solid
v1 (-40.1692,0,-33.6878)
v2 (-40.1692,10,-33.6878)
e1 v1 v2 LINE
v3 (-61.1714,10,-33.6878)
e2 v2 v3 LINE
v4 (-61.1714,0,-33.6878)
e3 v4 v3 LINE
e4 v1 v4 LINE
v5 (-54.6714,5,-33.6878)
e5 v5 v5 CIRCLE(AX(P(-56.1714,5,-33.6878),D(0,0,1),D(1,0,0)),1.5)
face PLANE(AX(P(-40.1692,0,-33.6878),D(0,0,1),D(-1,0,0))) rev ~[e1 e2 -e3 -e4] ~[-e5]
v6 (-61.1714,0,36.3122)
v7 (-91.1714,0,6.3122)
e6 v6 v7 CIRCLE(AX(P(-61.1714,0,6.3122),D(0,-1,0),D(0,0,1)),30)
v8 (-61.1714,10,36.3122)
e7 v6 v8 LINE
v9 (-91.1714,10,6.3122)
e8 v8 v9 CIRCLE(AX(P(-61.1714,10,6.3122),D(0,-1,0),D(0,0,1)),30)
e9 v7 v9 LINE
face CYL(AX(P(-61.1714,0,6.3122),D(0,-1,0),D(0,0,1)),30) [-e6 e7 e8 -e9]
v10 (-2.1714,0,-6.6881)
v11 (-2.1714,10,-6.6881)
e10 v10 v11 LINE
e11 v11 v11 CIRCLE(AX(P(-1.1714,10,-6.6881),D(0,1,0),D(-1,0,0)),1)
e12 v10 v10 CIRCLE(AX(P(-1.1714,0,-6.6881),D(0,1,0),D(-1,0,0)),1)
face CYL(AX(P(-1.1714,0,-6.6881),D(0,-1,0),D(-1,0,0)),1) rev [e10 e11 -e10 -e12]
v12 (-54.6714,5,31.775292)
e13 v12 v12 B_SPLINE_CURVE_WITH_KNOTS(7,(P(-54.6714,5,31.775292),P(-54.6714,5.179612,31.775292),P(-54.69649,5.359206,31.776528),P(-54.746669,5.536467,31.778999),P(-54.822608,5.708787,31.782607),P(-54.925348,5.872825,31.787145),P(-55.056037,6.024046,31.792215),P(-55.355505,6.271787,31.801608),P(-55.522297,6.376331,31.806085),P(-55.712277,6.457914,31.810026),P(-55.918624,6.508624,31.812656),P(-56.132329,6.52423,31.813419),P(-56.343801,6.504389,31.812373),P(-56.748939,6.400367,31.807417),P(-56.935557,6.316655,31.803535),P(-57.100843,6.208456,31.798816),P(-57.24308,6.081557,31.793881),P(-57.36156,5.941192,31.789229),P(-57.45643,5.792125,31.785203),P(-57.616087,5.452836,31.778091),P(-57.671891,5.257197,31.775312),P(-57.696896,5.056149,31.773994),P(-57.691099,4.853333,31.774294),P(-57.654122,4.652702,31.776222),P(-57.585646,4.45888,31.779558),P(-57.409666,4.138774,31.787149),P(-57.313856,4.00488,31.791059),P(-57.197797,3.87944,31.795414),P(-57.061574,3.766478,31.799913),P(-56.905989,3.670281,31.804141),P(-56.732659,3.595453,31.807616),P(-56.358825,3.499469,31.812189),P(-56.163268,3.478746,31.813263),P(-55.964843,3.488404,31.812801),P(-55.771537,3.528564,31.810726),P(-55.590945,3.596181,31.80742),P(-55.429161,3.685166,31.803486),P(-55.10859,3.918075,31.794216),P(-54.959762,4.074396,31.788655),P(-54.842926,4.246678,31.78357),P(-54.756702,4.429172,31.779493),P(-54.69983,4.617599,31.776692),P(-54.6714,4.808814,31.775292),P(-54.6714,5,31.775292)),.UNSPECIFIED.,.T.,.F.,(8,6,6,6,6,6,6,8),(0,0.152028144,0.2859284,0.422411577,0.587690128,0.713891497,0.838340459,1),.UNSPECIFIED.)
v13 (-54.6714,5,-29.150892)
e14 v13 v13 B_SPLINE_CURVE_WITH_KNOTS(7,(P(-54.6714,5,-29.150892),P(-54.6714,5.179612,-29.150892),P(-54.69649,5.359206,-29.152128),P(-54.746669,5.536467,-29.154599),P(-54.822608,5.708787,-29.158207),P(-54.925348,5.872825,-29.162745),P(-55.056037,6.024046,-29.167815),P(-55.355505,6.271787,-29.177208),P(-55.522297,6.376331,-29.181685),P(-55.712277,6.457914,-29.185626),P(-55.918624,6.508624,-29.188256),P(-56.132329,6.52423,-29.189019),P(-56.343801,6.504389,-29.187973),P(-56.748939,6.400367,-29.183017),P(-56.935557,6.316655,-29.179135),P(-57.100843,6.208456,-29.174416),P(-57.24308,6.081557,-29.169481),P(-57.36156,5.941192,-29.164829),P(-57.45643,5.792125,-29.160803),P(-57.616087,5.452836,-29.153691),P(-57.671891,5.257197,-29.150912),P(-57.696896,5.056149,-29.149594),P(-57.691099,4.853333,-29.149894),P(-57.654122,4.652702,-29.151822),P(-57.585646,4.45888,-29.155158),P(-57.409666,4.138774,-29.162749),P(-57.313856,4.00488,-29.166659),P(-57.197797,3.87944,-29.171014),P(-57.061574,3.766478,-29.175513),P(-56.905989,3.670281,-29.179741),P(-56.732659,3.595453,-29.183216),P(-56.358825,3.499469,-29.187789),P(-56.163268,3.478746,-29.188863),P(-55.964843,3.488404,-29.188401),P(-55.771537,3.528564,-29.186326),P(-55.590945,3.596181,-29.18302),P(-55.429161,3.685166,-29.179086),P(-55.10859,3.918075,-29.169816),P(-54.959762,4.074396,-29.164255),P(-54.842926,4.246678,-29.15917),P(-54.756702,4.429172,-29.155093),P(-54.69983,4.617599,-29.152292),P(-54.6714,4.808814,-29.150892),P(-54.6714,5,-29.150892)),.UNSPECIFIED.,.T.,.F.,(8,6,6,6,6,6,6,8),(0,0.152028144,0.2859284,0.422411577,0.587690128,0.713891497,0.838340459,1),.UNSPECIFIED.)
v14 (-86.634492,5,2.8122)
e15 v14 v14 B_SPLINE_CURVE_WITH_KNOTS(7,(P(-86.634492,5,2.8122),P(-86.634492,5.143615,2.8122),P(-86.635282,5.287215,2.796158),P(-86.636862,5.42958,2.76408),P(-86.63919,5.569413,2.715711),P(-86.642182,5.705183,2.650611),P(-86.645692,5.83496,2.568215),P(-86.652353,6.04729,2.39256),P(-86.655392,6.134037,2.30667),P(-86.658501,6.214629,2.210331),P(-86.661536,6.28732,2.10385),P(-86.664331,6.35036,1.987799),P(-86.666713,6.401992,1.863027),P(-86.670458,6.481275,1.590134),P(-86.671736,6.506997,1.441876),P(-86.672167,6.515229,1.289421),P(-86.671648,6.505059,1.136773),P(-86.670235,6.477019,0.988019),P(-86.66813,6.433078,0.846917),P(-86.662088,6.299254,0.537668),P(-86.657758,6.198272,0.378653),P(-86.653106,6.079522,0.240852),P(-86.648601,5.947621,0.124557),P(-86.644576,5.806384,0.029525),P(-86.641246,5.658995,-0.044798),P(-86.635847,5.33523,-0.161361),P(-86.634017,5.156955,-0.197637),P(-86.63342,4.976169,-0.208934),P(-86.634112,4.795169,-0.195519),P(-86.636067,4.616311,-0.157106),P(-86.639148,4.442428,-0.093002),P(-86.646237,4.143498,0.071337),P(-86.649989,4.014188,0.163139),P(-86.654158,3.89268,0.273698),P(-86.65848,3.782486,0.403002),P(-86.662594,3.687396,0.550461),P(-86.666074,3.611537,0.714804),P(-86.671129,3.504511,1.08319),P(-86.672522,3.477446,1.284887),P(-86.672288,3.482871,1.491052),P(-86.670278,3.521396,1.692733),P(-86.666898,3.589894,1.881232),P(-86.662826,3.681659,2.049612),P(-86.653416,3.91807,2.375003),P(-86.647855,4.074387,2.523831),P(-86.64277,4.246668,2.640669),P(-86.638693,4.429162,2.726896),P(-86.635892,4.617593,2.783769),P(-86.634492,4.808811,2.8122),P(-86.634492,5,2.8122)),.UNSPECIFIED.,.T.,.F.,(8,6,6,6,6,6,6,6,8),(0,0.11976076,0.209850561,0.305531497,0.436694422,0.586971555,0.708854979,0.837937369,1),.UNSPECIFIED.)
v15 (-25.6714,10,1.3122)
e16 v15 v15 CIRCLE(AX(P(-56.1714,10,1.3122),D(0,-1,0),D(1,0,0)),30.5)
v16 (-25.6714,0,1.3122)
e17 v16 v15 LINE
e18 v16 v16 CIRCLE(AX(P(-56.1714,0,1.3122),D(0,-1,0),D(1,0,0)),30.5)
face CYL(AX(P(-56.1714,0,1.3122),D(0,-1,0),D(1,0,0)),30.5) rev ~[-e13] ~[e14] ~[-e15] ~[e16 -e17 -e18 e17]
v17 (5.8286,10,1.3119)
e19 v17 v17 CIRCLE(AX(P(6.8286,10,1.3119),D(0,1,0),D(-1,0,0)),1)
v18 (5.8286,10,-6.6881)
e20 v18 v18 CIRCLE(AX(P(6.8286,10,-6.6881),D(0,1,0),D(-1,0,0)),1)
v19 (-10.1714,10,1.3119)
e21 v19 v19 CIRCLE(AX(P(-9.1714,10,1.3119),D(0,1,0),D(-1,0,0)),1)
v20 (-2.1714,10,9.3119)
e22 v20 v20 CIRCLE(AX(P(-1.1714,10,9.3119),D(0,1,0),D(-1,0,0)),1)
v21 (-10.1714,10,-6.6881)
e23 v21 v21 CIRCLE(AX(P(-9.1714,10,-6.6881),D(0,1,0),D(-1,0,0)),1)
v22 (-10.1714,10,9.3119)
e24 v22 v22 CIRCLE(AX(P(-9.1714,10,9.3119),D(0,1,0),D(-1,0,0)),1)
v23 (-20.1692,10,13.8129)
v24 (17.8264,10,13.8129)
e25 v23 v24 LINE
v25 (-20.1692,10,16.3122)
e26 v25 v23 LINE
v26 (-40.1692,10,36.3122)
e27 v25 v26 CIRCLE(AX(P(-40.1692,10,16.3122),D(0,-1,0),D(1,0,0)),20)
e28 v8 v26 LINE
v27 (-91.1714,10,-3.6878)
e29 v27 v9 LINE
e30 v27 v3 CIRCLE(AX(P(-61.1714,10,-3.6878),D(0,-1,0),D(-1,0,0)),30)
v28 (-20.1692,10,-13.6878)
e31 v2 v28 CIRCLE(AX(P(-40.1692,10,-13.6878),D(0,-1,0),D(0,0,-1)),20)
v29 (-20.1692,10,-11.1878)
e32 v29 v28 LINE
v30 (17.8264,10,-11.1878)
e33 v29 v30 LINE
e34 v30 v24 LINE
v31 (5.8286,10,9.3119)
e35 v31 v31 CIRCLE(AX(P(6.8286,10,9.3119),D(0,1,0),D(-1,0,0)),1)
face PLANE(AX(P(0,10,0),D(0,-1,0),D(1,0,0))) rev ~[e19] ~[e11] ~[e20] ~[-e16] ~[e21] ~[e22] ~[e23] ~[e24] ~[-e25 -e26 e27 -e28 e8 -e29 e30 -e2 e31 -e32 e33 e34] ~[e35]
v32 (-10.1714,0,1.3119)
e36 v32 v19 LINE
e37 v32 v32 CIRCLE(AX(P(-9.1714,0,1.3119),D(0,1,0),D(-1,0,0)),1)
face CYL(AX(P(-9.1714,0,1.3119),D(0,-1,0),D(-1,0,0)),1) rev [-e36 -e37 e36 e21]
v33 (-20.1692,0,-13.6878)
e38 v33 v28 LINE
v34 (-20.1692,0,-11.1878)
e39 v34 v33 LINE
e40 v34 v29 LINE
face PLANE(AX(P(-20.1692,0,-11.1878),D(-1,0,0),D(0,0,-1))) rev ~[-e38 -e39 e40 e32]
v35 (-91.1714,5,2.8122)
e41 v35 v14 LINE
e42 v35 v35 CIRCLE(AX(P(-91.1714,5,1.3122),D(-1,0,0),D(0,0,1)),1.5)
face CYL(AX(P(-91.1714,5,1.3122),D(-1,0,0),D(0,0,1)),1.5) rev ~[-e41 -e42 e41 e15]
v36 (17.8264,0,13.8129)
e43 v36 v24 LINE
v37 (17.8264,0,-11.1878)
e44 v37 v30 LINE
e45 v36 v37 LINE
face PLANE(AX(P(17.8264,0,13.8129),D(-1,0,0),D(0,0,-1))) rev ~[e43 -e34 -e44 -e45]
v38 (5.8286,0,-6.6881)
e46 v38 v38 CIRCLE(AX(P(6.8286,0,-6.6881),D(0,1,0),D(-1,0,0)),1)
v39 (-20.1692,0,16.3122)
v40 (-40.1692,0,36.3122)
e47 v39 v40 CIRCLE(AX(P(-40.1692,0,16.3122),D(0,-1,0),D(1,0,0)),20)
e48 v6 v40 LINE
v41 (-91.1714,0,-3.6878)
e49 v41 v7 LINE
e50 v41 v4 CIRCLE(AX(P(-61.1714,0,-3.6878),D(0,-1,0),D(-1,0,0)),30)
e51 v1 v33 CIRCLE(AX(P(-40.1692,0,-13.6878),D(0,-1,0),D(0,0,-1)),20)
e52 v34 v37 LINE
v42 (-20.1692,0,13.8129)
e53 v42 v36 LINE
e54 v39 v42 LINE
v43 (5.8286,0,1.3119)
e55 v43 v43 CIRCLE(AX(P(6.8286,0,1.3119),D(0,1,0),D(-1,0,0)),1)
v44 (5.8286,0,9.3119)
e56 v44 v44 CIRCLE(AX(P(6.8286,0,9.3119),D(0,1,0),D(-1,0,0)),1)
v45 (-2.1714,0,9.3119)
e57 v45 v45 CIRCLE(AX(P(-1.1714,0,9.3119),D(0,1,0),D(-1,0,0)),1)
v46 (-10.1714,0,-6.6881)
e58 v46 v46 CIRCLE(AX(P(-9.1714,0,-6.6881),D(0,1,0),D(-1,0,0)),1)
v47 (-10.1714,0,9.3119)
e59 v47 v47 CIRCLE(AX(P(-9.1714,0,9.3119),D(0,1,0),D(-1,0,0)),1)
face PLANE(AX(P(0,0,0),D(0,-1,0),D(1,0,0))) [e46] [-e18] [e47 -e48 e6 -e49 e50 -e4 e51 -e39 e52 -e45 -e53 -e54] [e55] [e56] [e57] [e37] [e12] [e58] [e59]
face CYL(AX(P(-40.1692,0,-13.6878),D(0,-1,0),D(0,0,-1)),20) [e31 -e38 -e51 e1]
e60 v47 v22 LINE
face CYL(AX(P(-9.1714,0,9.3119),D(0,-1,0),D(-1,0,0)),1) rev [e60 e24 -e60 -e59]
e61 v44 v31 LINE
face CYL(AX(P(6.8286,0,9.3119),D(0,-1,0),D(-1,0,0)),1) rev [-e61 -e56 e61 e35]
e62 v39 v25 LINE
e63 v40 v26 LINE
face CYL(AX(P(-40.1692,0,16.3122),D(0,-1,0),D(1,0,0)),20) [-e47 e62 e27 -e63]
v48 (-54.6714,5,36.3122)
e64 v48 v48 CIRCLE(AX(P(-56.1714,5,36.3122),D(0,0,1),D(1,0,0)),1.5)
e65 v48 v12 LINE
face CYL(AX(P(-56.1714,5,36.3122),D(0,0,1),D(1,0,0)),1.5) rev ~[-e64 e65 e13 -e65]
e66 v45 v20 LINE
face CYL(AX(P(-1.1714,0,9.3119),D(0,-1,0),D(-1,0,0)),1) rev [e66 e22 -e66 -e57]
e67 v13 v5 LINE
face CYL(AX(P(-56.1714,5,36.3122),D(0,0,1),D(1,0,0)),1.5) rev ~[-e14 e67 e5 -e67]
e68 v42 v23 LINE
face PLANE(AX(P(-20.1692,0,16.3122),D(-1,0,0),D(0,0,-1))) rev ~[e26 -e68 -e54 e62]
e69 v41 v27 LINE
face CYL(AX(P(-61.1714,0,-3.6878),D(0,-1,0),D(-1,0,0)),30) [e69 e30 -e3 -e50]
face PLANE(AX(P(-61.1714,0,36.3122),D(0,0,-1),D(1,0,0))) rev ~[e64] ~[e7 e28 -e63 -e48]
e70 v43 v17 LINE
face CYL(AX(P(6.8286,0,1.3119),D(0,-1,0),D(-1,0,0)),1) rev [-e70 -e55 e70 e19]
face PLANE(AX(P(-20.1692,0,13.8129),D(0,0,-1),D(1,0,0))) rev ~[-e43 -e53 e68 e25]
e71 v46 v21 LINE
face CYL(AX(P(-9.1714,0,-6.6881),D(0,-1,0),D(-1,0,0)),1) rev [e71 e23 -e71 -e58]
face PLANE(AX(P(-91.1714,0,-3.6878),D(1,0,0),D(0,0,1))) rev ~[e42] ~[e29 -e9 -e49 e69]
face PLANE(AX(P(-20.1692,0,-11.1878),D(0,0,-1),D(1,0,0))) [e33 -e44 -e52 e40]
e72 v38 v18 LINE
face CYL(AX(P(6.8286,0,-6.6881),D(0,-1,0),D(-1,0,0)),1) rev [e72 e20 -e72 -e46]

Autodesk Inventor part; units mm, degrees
ref_plane "YZ Plane" through (0, 0, 0) normal (1, 0, 0) x (0, 1, 0)
ref_plane "XZ Plane" through (0, 0, 0) normal (0, 1, 0) x (-1, 0, 0)
ref_plane "XY Plane" through (0, 0, 0) normal (0, 0, 1) x (1, 0, 0)
sketch "Esquisse1" plane through (0, 0, 0) normal (0, 1, 0) x (-1, 0, 0)
  line L0 (-17.8264, 13.8129) -> (-17.8264, 6.3115) projected
  line L1 (20.1692, 13.8129) -> (-17.8264, 13.8129) projected
  line L2 (20.1692, 6.3115) -> (20.1692, 13.8129) projected
  line L3 (20.1692, 6.3115) -> (20.1692, 5.0615) projected
  arc A0 (19.9192, 4.8115) -> (20.1692, 5.0615) centre (19.9192, 5.0615) ccw projected
  line L4 (16.2667, 4.8115) -> (19.9192, 4.8115) projected
  arc A1 (16.2667, 4.8115) -> (16.0167, 4.5615) centre (16.2667, 4.5615) ccw projected
  line L5 (16.0167, -1.9385) -> (16.0167, 4.5615) projected
  arc A2 (16.0167, -1.9385) -> (16.2667, -2.1885) centre (16.2667, -1.9385) ccw projected
  line L6 (18.6692, -2.1885) -> (16.2667, -2.1885) projected
  arc A3 (18.6692, -2.1885) -> (18.9192, -1.9385) centre (18.6692, -1.9385) ccw projected
  line L7 (18.9192, 2.8115) -> (18.9192, -1.9385) projected
  arc A4 (18.9192, 3.8115) -> (18.9192, 2.8115) centre (18.9192, 3.3115) ccw projected
  line L8 (19.9192, 3.8115) -> (18.9192, 3.8115) projected
  arc A5 (20.1692, 3.5615) -> (19.9192, 3.8115) centre (19.9192, 3.5615) ccw projected
  line L9 (20.1692, 3.5615) -> (20.1692, -3.6892) projected
  line L10 (20.1692, -11.1878) -> (20.1692, -3.6892) projected
  line L11 (20.1692, -11.1878) -> (-17.8264, -11.1878) projected
  line L12 (-17.8264, -3.6892) -> (-17.8264, -11.1878) projected
  line L13 (-17.8264, 3.5615) -> (-17.8264, -3.6892) projected
  arc A6 (-17.5764, 3.8115) -> (-17.8264, 3.5615) centre (-17.5764, 3.5615) ccw projected
  line L14 (-16.5764, 3.8115) -> (-17.5764, 3.8115) projected
  arc A7 (-16.5764, 2.8115) -> (-16.5764, 3.8115) centre (-16.5764, 3.3115) ccw projected
  line L15 (-16.5764, -1.9385) -> (-16.5764, 2.8115) projected
  arc A8 (-16.5764, -1.9385) -> (-16.3264, -2.1885) centre (-16.3264, -1.9385) ccw projected
  line L16 (-13.9239, -2.1885) -> (-16.3264, -2.1885) projected
  arc A9 (-13.9239, -2.1885) -> (-13.6739, -1.9385) centre (-13.9239, -1.9385) ccw projected
  line L17 (-13.6739, 4.5615) -> (-13.6739, -1.9385) projected
  arc A10 (-13.6739, 4.5615) -> (-13.9239, 4.8115) centre (-13.9239, 4.5615) ccw projected
  line L18 (-17.5764, 4.8115) -> (-13.9239, 4.8115) projected
  arc A11 (-17.8264, 5.0615) -> (-17.5764, 4.8115) centre (-17.5764, 5.0615) ccw projected
  line L19 (-17.8264, 6.3115) -> (-17.8264, 5.0615) projected
  circle A12 centre (-14.8286, -6.6881) radius 1 projected
  circle A13 centre (-14.8286, 9.3119) radius 1 projected
  circle A14 centre (17.1714, 9.3119) radius 1 projected
  circle A15 centre (17.1714, -6.6881) radius 1 projected
  circle A16 centre (-6.8286, -6.6881) radius 1 projected
  circle A17 centre (-6.8286, 9.3119) radius 1 projected
  circle A18 centre (9.1714, 9.3119) radius 1 projected
  circle A19 centre (9.1714, -6.6881) radius 1 projected
  circle A20 centre (-6.8286, 1.3119) radius 1 projected
  circle A21 centre (1.1714, 9.3119) radius 1 projected
  circle A22 centre (9.1714, 1.3119) radius 1 projected
  circle A23 centre (1.1714, -6.6881) radius 1 projected
  line L20 (6.1717, 4.2695) -> (6.1717, -1.6458) projected
  line L21 (3.8644, 4.2695) -> (6.1717, 4.2695) projected
  arc A24 (3.8644, 4.2695) -> (-1.5216, 4.2695) centre (1.1714, 1.3119) ccw projected
  line L22 (-3.8289, 4.2695) -> (-1.5216, 4.2695) projected
  line L23 (-3.8289, -1.6458) -> (-3.8289, 4.2695) projected
  line L24 (-1.5216, -1.6458) -> (-3.8289, -1.6458) projected
  arc A25 (-1.5216, -1.6458) -> (3.8644, -1.6458) centre (1.1714, 1.3119) ccw projected
  line L25 (6.1717, -1.6458) -> (3.8644, -1.6458) projected
  line L26 (-17.8264, 13.8129) -> (20.1692, 13.8129)
  line L27 (20.1692, 13.8129) -> (20.1692, -11.1878)
  line L28 (20.1692, -11.1878) -> (-17.8264, -11.1878)
  line L29 (-17.8264, -11.1878) -> (-17.8264, 13.8129)
  circle A26 centre (-6.8286, -6.6881) radius 1
  circle A27 centre (-6.8286, 1.3119) radius 1
  circle A28 centre (-6.8286, 9.3119) radius 1
  circle A29 centre (1.1714, 9.3119) radius 1
  circle A30 centre (1.1714, -6.6881) radius 1
  circle A31 centre (9.1714, -6.6881) radius 1
  circle A32 centre (9.1714, 1.3119) radius 1
  circle A33 centre (9.1714, 9.3119) radius 1
extrude "Extrusion1" add sketch "Esquisse1" along normal blind 10 contours L1 L2 L3 A0 L4 A1 L5 A2 L6 A3 L7 A4 L8 A5 L9 L10 L11 L12 L13 A6 L14 A7 L15 A8 L16 A9 L17 A10 L18 A11 L19 L0 | A11 L18 A10 L17 A9 L16 A8 L15 A7 L14 A6 L29 | L27 A5 L8 A4 L7 A3 L6 A2 L5 A1 L4 A0 | A12 | A13 | A14 | A15 | L20 L25 A25 L24 L23 L22 A24 L21
sketch "Esquisse2" plane through (0, 0, 0) normal (0, -1, 0) x (1, 0, 0)
  circle A0 centre (-56.1714, 1.3122) radius 30
  line L0 (-61.1714, 36.3122) -> (-40.1692, 36.3122)
  line L1 (-20.1692, 16.3122) -> (-20.1692, -13.6878)
  line L2 (-40.1692, -33.6878) -> (-61.1714, -33.6878)
  line L3 (-91.1714, -3.6878) -> (-91.1714, 6.3122)
  arc A1 (-61.1714, 36.3122) -> (-91.1714, 6.3122) centre (-61.1714, 6.3122) ccw
  arc A2 (-91.1714, -3.6878) -> (-61.1714, -33.6878) centre (-61.1714, -3.6878) ccw
  line L4 (-20.1692, -11.1878) -> (-20.1692, 13.8129) projected
  arc A3 (-20.1692, 16.3122) -> (-40.1692, 36.3122) centre (-40.1692, 16.3122) ccw
  arc A4 (-40.1692, -33.6878) -> (-20.1692, -13.6878) centre (-40.1692, -13.6878) ccw
  point P0 (0, 0)
  dimension "d4" = 35
  dimension "d5" = 35
  dimension "d6" = 35
  dimension "d7" = 30
  dimension "d8" = 30
  dimension "d9" = 0
  dimension "d10" = 20
  dimension "d11" = 20
extrude "Extrusion2" add sketch "Esquisse2" against normal blind 10
sketch "Esquisse3" plane through (-61.1714, 0, 36.3122) normal (0, 0, 1) x (1, 0, 0)
  line L0 (35, 92.5) -> (35, -82.5)
  circle A0 centre (5, 5) radius 1.5
  line L1 (0, 10) -> (21.0022, 10) projected
  point P0 (61.1714, 0)
  dimension "d14" = 30
  dimension "d15" = 3
  dimension "d16" = 5
extrude "Extrusion3" cut sketch "Esquisse3" against normal through all
sketch "Esquisse4" plane through (-91.1714, 0, -3.6878) normal (-1, 0, 0) x (0, 0, 1)
  line L0 (35, 92.5) -> (35, -82.5)
  circle A0 centre (5, 5) radius 1.5
  line L1 (0, 0) -> (10, 0) projected
  point P0 (3.6878, 0)
  dimension "d19" = 3
  dimension "d20" = 30
  dimension "d21" = 5
extrude "Extrusion4" cut sketch "Esquisse4" against normal up to next
sketch "Esquisse5" plane through (0, 0, 0) normal (0, -1, 0) x (1, 0, 0)
  circle A0 centre (-56.1714, 1.3122) radius 30.5
  circle A1 centre (-56.1714, 1.3122) radius 30 projected
  point P0 (0, 0)
  dimension "d25" = 61
  dimension "d26" = 0
  dimension "d27" = 0
extrude "Extrusion5" cut sketch "Esquisse5" against normal through all
properties part number "rotation-recuperation"
